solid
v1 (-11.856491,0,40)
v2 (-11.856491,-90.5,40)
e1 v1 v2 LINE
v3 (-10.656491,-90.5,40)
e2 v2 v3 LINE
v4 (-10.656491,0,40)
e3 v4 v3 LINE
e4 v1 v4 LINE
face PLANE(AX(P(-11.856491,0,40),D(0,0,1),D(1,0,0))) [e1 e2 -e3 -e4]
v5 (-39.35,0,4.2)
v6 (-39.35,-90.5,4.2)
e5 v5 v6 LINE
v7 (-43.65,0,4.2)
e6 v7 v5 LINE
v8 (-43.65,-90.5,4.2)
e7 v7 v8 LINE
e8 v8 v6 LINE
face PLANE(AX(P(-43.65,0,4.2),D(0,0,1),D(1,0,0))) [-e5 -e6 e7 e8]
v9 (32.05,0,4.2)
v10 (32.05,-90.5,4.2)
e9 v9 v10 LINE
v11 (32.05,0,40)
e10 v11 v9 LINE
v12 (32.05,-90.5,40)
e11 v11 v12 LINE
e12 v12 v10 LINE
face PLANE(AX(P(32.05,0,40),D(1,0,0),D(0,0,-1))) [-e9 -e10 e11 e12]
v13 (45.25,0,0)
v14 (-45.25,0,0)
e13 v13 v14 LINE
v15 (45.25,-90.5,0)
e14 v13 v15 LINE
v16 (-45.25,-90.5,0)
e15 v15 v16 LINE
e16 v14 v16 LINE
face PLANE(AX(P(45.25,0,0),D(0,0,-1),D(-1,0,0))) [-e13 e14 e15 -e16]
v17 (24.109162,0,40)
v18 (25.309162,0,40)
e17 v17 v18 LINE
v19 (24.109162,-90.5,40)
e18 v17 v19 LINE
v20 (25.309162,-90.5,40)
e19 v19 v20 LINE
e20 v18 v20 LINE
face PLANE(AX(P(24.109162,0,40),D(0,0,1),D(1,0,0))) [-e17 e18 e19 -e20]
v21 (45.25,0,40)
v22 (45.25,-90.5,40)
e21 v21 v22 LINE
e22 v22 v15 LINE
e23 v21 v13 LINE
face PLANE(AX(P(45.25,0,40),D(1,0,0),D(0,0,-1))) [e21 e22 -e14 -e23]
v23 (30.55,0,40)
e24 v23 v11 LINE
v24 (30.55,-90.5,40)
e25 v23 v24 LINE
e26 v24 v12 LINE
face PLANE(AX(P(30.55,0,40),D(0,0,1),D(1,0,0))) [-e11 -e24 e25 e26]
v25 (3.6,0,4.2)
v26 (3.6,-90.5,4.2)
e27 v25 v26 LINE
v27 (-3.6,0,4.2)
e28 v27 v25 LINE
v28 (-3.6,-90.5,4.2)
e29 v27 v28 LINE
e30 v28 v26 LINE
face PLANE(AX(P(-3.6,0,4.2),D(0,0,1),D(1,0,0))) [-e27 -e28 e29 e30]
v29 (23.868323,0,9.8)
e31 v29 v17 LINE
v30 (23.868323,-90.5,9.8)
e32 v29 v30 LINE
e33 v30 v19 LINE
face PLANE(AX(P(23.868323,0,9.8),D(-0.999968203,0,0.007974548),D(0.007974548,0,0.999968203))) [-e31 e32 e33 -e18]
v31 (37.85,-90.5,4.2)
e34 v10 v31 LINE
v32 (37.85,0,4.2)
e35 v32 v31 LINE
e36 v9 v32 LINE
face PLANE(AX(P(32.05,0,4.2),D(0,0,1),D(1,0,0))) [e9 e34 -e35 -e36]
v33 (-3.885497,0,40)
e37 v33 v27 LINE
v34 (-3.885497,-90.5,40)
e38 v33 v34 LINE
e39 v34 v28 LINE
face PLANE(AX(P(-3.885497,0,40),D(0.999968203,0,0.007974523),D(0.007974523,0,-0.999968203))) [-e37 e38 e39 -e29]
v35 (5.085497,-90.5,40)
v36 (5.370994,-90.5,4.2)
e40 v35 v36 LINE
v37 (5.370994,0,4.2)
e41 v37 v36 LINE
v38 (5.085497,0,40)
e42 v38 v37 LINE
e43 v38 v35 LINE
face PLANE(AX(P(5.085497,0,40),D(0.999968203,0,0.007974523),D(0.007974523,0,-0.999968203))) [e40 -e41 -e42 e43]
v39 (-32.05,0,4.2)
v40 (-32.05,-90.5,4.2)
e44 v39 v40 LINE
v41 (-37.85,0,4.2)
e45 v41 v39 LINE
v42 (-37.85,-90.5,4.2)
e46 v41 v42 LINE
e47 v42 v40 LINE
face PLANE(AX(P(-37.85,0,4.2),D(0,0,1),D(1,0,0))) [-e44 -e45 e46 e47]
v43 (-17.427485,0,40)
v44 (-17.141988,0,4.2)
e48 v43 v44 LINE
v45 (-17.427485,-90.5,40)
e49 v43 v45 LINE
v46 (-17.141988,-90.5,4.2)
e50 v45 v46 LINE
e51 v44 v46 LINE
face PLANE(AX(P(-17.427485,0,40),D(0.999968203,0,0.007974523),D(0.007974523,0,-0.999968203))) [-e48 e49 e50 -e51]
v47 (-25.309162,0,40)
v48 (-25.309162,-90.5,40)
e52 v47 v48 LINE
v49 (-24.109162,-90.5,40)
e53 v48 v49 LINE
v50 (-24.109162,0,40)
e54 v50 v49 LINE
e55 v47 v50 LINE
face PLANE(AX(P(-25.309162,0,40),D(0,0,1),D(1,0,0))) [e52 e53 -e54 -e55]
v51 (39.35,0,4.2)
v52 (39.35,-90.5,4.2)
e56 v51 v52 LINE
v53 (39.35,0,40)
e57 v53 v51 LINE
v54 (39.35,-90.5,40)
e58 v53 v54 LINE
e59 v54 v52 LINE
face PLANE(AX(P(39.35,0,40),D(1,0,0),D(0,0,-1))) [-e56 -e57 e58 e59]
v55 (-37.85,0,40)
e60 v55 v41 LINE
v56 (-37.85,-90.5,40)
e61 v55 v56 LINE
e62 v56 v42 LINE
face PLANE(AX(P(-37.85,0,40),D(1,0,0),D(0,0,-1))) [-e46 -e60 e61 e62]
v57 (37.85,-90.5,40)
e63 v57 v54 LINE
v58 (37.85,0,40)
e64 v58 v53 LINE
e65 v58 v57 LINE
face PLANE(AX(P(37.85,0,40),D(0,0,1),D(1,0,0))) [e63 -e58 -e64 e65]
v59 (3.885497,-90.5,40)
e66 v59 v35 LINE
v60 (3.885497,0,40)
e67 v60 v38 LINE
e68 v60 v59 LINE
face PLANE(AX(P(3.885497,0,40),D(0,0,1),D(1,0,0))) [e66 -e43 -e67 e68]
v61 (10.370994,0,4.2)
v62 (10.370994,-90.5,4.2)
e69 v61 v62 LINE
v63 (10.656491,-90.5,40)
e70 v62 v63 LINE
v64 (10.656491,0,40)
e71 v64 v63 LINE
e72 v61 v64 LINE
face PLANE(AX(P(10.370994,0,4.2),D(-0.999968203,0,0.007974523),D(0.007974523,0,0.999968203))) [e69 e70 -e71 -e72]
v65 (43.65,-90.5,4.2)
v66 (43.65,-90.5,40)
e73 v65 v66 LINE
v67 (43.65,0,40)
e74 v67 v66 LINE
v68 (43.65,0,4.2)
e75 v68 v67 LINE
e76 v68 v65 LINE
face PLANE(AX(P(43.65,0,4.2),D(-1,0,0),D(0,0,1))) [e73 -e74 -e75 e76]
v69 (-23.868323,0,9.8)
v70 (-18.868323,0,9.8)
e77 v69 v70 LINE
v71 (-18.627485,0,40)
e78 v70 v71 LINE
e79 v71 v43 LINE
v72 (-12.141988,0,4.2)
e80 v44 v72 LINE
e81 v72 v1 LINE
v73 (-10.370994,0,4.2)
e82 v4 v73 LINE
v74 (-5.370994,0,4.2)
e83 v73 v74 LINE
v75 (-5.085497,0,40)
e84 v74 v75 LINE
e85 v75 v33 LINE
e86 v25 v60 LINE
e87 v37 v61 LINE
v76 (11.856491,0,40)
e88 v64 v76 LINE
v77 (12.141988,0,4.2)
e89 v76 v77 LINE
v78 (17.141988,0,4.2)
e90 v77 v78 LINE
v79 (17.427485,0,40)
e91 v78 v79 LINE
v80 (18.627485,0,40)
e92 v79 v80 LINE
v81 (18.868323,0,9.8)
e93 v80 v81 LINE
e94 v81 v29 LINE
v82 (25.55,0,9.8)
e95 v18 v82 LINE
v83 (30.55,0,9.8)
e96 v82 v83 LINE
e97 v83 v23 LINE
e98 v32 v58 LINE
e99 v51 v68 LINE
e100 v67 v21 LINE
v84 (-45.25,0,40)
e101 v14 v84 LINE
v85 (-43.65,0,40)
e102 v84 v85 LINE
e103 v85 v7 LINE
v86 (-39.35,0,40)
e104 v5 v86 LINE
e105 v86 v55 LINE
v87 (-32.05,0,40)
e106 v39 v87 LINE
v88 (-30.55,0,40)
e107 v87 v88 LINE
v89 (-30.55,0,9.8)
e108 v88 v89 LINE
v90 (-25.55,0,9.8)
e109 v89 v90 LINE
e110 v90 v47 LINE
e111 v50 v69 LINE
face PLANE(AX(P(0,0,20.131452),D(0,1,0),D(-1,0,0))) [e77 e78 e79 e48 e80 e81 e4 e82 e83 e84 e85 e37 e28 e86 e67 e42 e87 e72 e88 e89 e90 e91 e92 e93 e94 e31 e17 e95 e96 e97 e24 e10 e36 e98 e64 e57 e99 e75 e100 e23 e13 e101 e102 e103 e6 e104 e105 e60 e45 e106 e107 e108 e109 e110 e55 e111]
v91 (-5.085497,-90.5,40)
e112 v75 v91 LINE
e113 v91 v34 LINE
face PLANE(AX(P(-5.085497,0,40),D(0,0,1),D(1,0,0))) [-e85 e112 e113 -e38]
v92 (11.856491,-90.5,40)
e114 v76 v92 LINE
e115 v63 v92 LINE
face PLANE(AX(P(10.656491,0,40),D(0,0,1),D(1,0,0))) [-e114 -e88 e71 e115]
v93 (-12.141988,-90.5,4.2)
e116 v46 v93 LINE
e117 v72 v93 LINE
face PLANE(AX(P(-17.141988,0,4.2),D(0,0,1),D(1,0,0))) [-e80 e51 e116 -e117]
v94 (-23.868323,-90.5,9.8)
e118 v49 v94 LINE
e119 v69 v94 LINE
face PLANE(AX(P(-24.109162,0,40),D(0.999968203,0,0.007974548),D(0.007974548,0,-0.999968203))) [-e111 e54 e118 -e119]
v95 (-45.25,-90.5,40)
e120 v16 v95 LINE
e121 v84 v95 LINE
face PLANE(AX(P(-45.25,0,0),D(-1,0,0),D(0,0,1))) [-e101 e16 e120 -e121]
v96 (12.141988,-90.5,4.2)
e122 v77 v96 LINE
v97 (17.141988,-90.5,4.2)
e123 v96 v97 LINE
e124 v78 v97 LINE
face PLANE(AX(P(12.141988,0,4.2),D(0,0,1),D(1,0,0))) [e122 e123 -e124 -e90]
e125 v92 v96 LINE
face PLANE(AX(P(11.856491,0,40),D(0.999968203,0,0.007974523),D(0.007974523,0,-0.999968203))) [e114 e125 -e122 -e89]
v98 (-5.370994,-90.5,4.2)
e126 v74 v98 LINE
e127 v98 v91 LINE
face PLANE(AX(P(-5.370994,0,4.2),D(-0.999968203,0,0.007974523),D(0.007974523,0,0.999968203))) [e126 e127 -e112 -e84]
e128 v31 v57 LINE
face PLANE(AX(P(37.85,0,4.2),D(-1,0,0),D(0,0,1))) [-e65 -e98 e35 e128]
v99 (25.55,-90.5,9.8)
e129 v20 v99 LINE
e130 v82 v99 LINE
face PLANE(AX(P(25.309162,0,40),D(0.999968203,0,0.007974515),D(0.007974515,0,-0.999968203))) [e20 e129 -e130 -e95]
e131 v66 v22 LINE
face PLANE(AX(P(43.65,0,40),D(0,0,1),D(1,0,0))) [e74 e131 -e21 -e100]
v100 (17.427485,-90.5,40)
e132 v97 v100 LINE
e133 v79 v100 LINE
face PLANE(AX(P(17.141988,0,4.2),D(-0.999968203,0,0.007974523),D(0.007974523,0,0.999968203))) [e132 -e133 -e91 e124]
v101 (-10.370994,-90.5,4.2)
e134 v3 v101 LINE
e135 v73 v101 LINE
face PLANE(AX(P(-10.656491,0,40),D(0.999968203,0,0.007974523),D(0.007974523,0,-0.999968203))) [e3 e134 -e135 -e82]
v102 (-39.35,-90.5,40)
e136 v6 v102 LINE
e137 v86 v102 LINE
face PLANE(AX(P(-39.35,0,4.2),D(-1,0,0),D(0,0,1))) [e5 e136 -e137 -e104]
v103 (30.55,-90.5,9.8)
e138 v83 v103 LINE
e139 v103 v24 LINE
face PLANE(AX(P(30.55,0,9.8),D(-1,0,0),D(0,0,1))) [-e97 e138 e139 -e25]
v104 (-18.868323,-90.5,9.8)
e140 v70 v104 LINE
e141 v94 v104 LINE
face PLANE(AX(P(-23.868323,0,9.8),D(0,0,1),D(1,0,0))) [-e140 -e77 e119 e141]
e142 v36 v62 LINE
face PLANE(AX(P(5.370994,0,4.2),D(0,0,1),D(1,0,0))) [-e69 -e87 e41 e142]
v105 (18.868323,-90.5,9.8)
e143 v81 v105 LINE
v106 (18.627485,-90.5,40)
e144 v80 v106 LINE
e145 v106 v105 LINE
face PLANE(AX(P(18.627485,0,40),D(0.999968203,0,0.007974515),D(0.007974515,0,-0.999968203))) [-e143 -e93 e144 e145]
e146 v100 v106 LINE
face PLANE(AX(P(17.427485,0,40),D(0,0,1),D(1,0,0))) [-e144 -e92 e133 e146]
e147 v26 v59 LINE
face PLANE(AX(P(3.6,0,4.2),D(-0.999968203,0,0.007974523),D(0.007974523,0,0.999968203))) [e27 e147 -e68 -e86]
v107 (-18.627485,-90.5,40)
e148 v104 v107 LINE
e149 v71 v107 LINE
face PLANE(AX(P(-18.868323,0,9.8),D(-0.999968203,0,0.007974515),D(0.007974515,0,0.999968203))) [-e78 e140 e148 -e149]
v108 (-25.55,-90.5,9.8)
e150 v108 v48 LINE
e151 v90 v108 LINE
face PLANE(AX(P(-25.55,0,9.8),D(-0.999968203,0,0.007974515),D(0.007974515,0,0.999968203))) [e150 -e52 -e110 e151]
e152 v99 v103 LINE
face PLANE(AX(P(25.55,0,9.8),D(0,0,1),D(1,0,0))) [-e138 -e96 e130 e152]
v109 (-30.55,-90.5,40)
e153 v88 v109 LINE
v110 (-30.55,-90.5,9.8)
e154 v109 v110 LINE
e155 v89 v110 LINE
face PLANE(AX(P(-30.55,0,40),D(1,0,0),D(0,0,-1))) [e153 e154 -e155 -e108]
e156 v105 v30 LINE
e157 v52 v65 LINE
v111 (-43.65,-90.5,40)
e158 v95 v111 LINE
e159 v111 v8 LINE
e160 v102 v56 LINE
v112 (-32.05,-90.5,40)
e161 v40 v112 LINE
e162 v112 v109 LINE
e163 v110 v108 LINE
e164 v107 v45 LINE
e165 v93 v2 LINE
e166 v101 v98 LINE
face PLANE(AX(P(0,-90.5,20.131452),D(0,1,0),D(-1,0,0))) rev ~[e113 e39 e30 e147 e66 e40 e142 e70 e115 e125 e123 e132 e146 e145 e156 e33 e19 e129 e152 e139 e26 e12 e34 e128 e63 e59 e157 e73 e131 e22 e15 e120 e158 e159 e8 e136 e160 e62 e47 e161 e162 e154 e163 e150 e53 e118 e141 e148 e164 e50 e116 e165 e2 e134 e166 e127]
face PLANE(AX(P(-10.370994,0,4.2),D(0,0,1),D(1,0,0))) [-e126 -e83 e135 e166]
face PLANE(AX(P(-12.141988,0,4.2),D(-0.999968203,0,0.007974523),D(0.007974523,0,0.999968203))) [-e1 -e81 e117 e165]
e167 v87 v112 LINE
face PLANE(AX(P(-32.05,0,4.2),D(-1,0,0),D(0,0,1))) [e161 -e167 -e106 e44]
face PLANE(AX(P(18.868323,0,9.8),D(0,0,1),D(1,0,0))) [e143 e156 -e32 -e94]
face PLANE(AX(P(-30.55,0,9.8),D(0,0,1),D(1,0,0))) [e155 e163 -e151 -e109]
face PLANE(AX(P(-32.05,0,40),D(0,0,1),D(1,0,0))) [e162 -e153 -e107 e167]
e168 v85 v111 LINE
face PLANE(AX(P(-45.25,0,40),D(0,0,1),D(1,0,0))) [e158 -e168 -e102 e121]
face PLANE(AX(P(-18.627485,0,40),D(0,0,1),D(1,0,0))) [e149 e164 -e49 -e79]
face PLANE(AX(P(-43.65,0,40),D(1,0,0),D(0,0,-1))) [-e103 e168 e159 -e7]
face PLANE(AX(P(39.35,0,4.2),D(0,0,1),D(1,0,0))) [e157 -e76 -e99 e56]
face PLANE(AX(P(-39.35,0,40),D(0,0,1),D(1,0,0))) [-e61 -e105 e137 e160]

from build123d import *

# Parameters (mm, degrees)
PAD_DEPTH = 90.5


with BuildPart() as part:
    # Sketch → Pad (new body)
    with BuildSketch(Plane.XZ):
        Polygon((-45.25, 0), (-45.25, 40), (-43.65, 40), (-43.65, 4.2), (-39.35, 4.2), (-39.35, 40), (-37.85, 40), (-37.85, 4.2), (-32.05, 4.2), (-32.05, 40), (-30.55, 40), (-30.55, 9.8), (-25.55, 9.8), (-25.309162, 40), (-24.109162, 40), (-23.868323, 9.8), (-18.868323, 9.8), (-18.627485, 40), (-17.427485, 40), (-17.141988, 4.2), (-12.141988, 4.2), (-11.856491, 40), (-10.656491, 40), (-10.370994, 4.2), (-5.370994, 4.2), (-5.085497, 40), (-3.885497, 40), (-3.6, 4.2), (3.6, 4.2), (3.885497, 40), (5.085497, 40), (5.370994, 4.2), (10.370994, 4.2), (10.656491, 40), (11.856491, 40), (12.141988, 4.2), (17.141988, 4.2), (17.427485, 40), (18.627485, 40), (18.868323, 9.8), (23.868323, 9.8), (24.109162, 40), (25.309162, 40), (25.55, 9.8), (30.55, 9.8), (30.55, 40), (32.05, 40), (32.05, 4.2), (37.85, 4.2), (37.85, 40), (39.35, 40), (39.35, 4.2), (43.65, 4.2), (43.65, 40), (45.25, 40), (45.25, 0), align=None)
    extrude(amount=PAD_DEPTH)


solid = part.part
